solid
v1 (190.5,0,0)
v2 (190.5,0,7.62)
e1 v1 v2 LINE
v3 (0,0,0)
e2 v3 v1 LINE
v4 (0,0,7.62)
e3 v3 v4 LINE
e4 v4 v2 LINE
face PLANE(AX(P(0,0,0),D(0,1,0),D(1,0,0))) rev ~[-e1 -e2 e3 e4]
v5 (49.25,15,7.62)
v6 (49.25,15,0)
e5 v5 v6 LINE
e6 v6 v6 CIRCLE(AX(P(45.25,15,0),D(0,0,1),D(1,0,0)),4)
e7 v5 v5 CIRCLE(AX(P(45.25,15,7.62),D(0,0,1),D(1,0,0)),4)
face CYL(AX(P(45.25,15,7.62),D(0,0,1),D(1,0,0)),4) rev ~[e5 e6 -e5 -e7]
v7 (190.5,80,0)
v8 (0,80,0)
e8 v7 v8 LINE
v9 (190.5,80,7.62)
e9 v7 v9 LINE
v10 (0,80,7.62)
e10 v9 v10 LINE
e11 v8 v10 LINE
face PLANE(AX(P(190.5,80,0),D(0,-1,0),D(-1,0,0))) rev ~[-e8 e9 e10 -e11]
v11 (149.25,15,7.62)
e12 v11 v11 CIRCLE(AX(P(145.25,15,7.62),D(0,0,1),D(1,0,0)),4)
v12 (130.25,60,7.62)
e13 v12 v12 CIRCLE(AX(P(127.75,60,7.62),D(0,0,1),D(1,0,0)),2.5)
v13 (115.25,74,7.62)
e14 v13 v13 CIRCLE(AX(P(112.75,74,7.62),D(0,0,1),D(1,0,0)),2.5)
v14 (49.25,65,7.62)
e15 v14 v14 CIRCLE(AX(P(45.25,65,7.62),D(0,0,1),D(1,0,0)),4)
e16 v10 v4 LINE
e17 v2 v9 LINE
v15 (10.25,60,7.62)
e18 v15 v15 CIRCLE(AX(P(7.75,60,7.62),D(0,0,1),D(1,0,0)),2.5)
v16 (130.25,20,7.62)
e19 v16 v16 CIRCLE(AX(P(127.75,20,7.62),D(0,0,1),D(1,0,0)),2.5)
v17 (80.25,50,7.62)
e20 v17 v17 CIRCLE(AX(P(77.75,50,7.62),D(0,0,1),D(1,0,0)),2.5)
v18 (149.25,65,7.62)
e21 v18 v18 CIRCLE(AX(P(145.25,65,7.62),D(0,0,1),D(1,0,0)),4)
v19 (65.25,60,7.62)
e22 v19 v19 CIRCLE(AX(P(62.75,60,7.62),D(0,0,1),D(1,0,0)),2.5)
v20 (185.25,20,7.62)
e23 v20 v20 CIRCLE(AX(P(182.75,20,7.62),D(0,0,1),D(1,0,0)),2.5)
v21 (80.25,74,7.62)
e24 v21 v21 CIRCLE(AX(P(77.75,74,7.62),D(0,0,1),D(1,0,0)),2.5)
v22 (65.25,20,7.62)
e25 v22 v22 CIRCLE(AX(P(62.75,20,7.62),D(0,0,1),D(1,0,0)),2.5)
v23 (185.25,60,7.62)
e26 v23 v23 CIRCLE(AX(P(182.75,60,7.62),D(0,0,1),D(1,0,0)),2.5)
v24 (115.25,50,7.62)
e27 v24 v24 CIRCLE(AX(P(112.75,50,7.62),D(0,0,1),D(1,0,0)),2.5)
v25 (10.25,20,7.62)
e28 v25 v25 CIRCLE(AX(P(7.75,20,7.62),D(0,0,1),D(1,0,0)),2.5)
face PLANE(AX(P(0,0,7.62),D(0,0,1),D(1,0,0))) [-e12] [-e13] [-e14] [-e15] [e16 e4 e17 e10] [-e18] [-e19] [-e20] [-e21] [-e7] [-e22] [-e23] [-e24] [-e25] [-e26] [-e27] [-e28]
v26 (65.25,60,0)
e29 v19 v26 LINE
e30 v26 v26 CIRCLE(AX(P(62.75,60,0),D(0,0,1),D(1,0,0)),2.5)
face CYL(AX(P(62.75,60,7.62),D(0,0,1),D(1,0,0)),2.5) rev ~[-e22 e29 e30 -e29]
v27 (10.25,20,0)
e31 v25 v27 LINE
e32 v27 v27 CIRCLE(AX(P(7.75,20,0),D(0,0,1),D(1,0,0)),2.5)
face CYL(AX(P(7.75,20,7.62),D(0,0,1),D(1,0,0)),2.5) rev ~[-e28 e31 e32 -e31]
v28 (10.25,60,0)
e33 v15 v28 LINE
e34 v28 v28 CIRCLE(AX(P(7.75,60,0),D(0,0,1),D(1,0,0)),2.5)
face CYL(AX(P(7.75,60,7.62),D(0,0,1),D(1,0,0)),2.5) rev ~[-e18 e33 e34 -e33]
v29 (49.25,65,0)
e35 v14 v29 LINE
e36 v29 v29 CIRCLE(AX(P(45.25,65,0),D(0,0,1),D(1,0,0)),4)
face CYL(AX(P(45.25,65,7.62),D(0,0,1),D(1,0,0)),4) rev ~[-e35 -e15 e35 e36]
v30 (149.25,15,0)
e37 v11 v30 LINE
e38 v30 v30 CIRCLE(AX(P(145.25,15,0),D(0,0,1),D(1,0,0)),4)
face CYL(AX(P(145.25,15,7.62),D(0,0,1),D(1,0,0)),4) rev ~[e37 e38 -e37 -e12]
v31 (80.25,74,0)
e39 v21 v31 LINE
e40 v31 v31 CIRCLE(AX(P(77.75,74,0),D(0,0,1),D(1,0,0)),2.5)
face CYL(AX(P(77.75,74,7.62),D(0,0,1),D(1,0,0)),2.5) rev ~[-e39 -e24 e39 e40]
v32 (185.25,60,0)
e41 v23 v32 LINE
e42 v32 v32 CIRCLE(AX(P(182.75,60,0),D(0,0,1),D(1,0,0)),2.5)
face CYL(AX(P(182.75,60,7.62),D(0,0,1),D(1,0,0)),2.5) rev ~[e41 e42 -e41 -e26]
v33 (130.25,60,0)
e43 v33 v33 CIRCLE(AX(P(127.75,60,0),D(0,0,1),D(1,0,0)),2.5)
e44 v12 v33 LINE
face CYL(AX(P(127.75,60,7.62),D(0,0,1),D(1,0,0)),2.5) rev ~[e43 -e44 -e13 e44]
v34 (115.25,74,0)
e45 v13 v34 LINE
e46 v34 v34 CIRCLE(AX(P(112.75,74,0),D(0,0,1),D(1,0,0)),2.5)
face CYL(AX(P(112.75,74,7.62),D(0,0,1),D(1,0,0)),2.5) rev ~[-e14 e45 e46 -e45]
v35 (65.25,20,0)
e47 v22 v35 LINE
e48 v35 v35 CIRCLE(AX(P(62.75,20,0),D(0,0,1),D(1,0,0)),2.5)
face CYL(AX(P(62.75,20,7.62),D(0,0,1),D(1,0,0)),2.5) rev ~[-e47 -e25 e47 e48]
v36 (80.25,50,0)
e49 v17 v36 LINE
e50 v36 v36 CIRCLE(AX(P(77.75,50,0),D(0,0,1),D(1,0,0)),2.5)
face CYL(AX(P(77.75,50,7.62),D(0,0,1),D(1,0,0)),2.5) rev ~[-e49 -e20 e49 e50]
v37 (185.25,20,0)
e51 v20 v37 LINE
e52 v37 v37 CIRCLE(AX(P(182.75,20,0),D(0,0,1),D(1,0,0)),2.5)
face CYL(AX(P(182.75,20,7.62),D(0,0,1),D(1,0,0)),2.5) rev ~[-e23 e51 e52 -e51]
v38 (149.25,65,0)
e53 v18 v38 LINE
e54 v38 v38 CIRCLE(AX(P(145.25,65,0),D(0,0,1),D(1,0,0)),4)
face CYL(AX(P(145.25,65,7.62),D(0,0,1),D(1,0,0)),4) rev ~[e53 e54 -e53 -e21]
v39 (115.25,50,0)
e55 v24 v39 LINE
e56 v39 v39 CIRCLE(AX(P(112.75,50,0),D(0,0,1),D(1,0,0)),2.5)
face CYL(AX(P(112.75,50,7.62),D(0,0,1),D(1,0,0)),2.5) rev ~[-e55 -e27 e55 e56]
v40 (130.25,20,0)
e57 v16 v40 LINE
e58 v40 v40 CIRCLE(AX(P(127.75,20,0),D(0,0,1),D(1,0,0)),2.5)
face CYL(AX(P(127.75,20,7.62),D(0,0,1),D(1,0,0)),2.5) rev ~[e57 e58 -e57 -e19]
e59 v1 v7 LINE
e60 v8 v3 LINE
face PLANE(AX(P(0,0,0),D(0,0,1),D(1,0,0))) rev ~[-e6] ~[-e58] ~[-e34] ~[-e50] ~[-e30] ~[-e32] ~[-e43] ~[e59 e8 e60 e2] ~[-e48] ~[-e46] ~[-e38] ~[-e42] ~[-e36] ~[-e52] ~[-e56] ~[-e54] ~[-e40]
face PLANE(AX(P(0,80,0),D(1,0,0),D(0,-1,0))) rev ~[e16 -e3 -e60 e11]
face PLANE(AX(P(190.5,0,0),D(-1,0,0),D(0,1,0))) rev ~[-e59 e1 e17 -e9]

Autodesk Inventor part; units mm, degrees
ref_plane "YZ Plane" through (0, 0, 0) normal (1, 0, 0) x (0, 1, 0)
ref_plane "XZ Plane" through (0, 0, 0) normal (0, 1, 0) x (-1, 0, 0)
ref_plane "XY Plane" through (0, 0, 0) normal (0, 0, 1) x (1, 0, 0)
sketch "Sketch1" plane through (0, 0, 0) normal (0, 0, 1) x (1, 0, 0)
  line L0 (0, 0) -> (190.5, 0)
  line L1 (190.5, 0) -> (190.5, 80)
  line L2 (190.5, 80) -> (0, 80)
  line L3 (0, 80) -> (0, 0)
  dimension "d0" = 80
  dimension "d1" = 190.5
extrude "Extrusion1" add sketch "Sketch1" along normal blind 7.62
sketch "Sketch2" plane through (0, 0, 7.62) normal (0, 0, 1) x (1, 0, 0)
  line L0 (45.25, 15) -> (145.25, 15) construction
  line L1 (145.25, 15) -> (145.25, 65) construction
  line L2 (145.25, 65) -> (45.25, 65) construction
  line L3 (45.25, 65) -> (45.25, 15) construction
  line L4 (190.5, 80) -> (0, 80) construction
  line L5 (190.5, 0) -> (190.5, 80) construction
  circle A0 centre (45.25, 65) radius 4
  circle A1 centre (145.25, 65) radius 4
  circle A2 centre (45.25, 15) radius 4
  circle A3 centre (145.25, 15) radius 4
  point P0 (0, 0)
  point P1 (95.25, 65)
  point P2 (95.25, 80)
  point P3 (145.25, 40)
  point P4 (190.5, 40)
  dimension "d4" = 100
  dimension "d5" = 50
  dimension "d6" = 8
extrude "Extrusion2" cut sketch "Sketch2" against normal up to surface (7.62 mm away)
sketch "Sketch3" plane through (0, 0, 7.62) normal (0, 0, 1) x (1, 0, 0)
  line L0 (7.75, 20) -> (62.75, 20) construction
  line L1 (62.75, 20) -> (62.75, 60) construction
  line L2 (62.75, 60) -> (7.75, 60) construction
  line L3 (7.75, 60) -> (7.75, 20) construction
  circle A0 centre (7.75, 60) radius 2.5
  circle A1 centre (62.75, 60) radius 2.5
  circle A2 centre (7.75, 20) radius 2.5
  circle A3 centre (62.75, 20) radius 2.5
  line L4 (190.5, 80) -> (0, 80) construction
  line L5 (95.25, 80) -> (95.25, 0)
  line L6 (0, 0) -> (190.5, 0) construction
  circle A4 centre (182.75, 60) radius 2.5
  circle A5 centre (127.75, 60) radius 2.5
  circle A6 centre (182.75, 20) radius 2.5
  circle A7 centre (127.75, 20) radius 2.5
  point P0 (62.75, 40)
  point P1 (35.25, 60)
  point P2 (95.25, 40)
  dimension "d9" = 5
  dimension "d10" = 55
  dimension "d11" = 40
  dimension "d12" = 60
extrude "Extrusion3" cut sketch "Sketch3" against normal up to surface (7.62 mm away)
sketch "Sketch4" plane through (0, 0, 7.62) normal (0, 0, 1) x (1, 0, 0)
  line L0 (77.75, 50) -> (112.75, 50) construction
  line L1 (112.75, 50) -> (112.75, 74) construction
  line L2 (112.75, 74) -> (77.75, 74) construction
  line L3 (77.75, 74) -> (77.75, 50) construction
  circle A0 centre (112.75, 50) radius 2.5
  circle A1 centre (112.75, 74) radius 2.5
  circle A2 centre (77.75, 74) radius 2.5
  circle A3 centre (77.75, 50) radius 2.5
  line L4 (190.5, 80) -> (0, 80) construction
  line L5 (190.5, 0) -> (190.5, 80) construction
  point P0 (0, 0)
  point P1 (95.25, 50)
  point P2 (95.25, 80)
  point P3 (190.5, 40)
  point P4 (112.75, 62)
  dimension "d15" = 5
  dimension "d16" = 35
  dimension "d17" = 24
  dimension "d18" = 6
extrude "Extrusion4" cut sketch "Sketch4" against normal up to surface (7.62 mm away)
properties part number "Spindle_Mounting_Plate"
